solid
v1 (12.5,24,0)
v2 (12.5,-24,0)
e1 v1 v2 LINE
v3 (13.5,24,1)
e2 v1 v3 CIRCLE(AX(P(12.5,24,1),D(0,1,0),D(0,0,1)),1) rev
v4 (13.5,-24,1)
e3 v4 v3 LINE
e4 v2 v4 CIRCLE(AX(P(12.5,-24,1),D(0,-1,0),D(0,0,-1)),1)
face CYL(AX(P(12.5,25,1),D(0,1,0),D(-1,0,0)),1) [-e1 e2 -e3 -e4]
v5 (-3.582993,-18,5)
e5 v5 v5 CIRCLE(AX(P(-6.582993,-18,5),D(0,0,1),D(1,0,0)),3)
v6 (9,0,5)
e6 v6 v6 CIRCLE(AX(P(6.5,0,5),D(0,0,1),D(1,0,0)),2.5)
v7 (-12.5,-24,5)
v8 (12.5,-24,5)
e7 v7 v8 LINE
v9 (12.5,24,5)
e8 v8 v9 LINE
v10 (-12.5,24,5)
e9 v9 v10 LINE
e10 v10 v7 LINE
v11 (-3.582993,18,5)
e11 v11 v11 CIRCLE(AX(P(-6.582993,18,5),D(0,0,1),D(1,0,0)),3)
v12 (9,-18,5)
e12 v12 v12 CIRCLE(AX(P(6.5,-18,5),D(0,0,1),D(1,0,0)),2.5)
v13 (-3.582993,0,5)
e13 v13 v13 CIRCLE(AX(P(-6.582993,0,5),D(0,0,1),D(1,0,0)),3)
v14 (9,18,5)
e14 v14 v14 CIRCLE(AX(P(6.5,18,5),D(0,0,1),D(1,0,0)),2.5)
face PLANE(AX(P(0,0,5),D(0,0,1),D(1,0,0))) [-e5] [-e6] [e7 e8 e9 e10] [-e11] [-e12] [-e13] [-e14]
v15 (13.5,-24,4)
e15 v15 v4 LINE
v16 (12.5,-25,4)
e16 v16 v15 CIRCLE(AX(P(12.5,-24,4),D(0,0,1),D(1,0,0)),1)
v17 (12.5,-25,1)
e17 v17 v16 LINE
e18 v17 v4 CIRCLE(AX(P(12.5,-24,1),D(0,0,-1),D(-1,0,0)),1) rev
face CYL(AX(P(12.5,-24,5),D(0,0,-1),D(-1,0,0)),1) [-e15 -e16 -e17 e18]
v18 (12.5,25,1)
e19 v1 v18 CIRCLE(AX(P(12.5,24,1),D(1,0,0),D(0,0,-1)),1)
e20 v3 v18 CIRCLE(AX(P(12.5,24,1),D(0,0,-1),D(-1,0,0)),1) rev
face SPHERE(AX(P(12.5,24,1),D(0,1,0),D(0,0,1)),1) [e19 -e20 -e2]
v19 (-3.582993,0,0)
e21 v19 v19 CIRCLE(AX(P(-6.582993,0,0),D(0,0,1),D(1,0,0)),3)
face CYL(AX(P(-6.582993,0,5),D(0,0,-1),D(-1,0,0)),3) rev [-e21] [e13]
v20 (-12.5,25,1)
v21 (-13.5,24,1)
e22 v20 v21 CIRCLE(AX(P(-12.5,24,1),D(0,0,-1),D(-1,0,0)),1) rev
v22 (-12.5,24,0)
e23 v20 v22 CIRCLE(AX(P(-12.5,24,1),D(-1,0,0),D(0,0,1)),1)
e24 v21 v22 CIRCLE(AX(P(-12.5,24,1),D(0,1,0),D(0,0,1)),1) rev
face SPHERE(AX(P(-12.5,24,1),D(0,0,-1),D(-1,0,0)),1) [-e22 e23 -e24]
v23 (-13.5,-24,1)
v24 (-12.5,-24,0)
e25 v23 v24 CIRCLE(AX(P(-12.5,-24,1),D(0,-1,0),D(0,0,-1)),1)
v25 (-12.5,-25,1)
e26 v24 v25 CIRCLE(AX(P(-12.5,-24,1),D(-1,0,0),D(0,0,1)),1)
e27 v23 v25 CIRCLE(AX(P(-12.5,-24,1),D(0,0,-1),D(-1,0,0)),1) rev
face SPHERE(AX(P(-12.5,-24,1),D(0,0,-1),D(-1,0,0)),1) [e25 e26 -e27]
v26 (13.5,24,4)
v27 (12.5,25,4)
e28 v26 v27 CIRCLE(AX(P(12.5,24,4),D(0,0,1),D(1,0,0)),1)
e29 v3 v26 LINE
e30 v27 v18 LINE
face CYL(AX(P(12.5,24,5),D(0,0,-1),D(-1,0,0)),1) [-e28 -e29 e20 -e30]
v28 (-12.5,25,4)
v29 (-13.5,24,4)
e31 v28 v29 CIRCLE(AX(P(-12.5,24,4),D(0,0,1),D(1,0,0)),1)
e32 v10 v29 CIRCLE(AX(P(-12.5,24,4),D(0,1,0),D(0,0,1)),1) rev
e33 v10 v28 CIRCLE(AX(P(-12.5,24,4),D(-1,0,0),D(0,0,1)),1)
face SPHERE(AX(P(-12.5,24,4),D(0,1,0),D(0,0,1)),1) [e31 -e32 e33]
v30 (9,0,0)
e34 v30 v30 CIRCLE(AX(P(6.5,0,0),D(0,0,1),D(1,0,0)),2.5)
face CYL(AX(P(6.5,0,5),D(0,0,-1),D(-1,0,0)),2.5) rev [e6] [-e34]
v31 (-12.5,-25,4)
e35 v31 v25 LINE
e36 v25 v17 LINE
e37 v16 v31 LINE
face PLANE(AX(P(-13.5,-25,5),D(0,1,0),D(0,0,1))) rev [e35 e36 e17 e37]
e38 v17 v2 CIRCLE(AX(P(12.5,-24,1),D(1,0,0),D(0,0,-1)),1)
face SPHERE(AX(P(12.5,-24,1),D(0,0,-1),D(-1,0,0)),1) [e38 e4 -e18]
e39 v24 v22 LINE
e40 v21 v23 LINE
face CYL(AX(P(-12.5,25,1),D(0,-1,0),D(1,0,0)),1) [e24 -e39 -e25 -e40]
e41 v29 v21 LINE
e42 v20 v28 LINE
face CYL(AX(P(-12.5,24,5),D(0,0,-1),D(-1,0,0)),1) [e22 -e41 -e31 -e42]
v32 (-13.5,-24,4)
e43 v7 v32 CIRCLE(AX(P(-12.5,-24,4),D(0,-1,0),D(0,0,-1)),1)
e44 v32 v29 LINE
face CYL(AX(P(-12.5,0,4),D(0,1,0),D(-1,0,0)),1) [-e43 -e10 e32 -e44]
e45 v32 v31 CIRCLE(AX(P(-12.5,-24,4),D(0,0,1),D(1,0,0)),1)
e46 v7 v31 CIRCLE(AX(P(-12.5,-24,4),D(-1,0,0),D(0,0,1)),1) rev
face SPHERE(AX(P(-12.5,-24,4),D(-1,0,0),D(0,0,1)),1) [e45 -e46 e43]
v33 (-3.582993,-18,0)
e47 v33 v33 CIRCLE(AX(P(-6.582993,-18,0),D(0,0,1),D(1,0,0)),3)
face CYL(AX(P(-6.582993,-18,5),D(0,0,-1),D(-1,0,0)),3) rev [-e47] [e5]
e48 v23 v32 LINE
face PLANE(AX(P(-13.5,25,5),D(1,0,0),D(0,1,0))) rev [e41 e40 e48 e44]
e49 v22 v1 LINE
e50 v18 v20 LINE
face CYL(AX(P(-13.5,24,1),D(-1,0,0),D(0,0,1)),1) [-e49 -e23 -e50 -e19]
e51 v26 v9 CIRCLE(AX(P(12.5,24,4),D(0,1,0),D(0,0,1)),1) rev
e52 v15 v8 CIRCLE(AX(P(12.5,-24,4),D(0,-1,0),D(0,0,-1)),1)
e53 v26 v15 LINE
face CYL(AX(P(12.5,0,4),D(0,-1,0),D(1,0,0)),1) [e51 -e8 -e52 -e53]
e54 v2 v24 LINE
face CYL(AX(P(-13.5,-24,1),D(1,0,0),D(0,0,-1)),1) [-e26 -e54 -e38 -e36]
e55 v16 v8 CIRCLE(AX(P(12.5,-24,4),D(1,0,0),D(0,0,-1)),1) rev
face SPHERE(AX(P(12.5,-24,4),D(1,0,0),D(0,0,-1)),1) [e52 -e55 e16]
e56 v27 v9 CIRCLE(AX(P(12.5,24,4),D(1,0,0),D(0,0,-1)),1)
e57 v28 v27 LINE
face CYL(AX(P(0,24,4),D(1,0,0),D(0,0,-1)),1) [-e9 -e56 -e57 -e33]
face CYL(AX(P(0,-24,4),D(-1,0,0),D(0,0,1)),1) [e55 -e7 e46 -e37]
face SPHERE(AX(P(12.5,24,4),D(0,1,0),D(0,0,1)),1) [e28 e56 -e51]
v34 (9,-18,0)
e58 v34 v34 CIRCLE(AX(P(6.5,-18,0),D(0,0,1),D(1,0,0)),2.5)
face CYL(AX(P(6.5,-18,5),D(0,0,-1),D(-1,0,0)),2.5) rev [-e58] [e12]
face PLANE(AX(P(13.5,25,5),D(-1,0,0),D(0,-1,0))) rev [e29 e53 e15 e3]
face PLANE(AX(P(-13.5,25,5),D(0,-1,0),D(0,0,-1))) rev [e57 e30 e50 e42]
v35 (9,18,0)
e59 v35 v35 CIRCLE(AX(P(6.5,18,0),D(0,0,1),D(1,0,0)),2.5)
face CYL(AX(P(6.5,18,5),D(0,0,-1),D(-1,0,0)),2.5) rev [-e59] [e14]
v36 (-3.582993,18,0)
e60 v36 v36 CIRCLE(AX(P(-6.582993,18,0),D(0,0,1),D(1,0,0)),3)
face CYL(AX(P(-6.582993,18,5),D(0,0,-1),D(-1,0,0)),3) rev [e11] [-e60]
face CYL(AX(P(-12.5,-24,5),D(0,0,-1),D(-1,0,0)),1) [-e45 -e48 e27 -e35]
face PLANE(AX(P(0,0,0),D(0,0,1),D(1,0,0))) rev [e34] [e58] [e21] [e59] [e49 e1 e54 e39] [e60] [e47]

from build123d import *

# Parameters (mm, degrees)
SKETCH1_W           = 27
SKETCH1_H           = 50
SKETCH1_R           = 3
SKETCH1_R_2         = 2.5
BOSS_EXTRUDE1_DEPTH = 5
FILLET2_R           = 1


with BuildPart() as part:
    # Sketch1 → Boss-Extrude1 (new body)
    with BuildSketch(Plane.XY):
        Rectangle(SKETCH1_W, SKETCH1_H)
        with Locations((-6.582992823, 18)):
            Circle(SKETCH1_R, mode=Mode.SUBTRACT)
        with Locations((-6.582992823, 0)):
            Circle(SKETCH1_R, mode=Mode.SUBTRACT)
        with Locations((-6.582992823, -18)):
            Circle(SKETCH1_R, mode=Mode.SUBTRACT)
        with Locations((6.5, 18)):
            Circle(SKETCH1_R_2, mode=Mode.SUBTRACT)
        with Locations((6.5, 0)):
            Circle(SKETCH1_R_2, mode=Mode.SUBTRACT)
        with Locations((6.5, -18)):
            Circle(SKETCH1_R_2, mode=Mode.SUBTRACT)
    extrude(amount=BOSS_EXTRUDE1_DEPTH)

    # Fillet2
    fillet2_edges = [part.edges().sort_by_distance(p)[0] for p in [
        (-13.5, 0, 5),
        (0, -25, 5),
        (13.5, 0, 5),
        (0, -25, 0),
        (-13.5, 0, 0),
        (0, 25, 0),
        (13.5, 0, 0),
        (13.5, -25, 2.5),
        (-13.5, -25, 2.5),
        (-13.5, 25, 2.5),
        (13.5, 25, 2.5),
        (0, 25, 5),
    ]]
    fillet(fillet2_edges, radius=FILLET2_R)


solid = part.part
